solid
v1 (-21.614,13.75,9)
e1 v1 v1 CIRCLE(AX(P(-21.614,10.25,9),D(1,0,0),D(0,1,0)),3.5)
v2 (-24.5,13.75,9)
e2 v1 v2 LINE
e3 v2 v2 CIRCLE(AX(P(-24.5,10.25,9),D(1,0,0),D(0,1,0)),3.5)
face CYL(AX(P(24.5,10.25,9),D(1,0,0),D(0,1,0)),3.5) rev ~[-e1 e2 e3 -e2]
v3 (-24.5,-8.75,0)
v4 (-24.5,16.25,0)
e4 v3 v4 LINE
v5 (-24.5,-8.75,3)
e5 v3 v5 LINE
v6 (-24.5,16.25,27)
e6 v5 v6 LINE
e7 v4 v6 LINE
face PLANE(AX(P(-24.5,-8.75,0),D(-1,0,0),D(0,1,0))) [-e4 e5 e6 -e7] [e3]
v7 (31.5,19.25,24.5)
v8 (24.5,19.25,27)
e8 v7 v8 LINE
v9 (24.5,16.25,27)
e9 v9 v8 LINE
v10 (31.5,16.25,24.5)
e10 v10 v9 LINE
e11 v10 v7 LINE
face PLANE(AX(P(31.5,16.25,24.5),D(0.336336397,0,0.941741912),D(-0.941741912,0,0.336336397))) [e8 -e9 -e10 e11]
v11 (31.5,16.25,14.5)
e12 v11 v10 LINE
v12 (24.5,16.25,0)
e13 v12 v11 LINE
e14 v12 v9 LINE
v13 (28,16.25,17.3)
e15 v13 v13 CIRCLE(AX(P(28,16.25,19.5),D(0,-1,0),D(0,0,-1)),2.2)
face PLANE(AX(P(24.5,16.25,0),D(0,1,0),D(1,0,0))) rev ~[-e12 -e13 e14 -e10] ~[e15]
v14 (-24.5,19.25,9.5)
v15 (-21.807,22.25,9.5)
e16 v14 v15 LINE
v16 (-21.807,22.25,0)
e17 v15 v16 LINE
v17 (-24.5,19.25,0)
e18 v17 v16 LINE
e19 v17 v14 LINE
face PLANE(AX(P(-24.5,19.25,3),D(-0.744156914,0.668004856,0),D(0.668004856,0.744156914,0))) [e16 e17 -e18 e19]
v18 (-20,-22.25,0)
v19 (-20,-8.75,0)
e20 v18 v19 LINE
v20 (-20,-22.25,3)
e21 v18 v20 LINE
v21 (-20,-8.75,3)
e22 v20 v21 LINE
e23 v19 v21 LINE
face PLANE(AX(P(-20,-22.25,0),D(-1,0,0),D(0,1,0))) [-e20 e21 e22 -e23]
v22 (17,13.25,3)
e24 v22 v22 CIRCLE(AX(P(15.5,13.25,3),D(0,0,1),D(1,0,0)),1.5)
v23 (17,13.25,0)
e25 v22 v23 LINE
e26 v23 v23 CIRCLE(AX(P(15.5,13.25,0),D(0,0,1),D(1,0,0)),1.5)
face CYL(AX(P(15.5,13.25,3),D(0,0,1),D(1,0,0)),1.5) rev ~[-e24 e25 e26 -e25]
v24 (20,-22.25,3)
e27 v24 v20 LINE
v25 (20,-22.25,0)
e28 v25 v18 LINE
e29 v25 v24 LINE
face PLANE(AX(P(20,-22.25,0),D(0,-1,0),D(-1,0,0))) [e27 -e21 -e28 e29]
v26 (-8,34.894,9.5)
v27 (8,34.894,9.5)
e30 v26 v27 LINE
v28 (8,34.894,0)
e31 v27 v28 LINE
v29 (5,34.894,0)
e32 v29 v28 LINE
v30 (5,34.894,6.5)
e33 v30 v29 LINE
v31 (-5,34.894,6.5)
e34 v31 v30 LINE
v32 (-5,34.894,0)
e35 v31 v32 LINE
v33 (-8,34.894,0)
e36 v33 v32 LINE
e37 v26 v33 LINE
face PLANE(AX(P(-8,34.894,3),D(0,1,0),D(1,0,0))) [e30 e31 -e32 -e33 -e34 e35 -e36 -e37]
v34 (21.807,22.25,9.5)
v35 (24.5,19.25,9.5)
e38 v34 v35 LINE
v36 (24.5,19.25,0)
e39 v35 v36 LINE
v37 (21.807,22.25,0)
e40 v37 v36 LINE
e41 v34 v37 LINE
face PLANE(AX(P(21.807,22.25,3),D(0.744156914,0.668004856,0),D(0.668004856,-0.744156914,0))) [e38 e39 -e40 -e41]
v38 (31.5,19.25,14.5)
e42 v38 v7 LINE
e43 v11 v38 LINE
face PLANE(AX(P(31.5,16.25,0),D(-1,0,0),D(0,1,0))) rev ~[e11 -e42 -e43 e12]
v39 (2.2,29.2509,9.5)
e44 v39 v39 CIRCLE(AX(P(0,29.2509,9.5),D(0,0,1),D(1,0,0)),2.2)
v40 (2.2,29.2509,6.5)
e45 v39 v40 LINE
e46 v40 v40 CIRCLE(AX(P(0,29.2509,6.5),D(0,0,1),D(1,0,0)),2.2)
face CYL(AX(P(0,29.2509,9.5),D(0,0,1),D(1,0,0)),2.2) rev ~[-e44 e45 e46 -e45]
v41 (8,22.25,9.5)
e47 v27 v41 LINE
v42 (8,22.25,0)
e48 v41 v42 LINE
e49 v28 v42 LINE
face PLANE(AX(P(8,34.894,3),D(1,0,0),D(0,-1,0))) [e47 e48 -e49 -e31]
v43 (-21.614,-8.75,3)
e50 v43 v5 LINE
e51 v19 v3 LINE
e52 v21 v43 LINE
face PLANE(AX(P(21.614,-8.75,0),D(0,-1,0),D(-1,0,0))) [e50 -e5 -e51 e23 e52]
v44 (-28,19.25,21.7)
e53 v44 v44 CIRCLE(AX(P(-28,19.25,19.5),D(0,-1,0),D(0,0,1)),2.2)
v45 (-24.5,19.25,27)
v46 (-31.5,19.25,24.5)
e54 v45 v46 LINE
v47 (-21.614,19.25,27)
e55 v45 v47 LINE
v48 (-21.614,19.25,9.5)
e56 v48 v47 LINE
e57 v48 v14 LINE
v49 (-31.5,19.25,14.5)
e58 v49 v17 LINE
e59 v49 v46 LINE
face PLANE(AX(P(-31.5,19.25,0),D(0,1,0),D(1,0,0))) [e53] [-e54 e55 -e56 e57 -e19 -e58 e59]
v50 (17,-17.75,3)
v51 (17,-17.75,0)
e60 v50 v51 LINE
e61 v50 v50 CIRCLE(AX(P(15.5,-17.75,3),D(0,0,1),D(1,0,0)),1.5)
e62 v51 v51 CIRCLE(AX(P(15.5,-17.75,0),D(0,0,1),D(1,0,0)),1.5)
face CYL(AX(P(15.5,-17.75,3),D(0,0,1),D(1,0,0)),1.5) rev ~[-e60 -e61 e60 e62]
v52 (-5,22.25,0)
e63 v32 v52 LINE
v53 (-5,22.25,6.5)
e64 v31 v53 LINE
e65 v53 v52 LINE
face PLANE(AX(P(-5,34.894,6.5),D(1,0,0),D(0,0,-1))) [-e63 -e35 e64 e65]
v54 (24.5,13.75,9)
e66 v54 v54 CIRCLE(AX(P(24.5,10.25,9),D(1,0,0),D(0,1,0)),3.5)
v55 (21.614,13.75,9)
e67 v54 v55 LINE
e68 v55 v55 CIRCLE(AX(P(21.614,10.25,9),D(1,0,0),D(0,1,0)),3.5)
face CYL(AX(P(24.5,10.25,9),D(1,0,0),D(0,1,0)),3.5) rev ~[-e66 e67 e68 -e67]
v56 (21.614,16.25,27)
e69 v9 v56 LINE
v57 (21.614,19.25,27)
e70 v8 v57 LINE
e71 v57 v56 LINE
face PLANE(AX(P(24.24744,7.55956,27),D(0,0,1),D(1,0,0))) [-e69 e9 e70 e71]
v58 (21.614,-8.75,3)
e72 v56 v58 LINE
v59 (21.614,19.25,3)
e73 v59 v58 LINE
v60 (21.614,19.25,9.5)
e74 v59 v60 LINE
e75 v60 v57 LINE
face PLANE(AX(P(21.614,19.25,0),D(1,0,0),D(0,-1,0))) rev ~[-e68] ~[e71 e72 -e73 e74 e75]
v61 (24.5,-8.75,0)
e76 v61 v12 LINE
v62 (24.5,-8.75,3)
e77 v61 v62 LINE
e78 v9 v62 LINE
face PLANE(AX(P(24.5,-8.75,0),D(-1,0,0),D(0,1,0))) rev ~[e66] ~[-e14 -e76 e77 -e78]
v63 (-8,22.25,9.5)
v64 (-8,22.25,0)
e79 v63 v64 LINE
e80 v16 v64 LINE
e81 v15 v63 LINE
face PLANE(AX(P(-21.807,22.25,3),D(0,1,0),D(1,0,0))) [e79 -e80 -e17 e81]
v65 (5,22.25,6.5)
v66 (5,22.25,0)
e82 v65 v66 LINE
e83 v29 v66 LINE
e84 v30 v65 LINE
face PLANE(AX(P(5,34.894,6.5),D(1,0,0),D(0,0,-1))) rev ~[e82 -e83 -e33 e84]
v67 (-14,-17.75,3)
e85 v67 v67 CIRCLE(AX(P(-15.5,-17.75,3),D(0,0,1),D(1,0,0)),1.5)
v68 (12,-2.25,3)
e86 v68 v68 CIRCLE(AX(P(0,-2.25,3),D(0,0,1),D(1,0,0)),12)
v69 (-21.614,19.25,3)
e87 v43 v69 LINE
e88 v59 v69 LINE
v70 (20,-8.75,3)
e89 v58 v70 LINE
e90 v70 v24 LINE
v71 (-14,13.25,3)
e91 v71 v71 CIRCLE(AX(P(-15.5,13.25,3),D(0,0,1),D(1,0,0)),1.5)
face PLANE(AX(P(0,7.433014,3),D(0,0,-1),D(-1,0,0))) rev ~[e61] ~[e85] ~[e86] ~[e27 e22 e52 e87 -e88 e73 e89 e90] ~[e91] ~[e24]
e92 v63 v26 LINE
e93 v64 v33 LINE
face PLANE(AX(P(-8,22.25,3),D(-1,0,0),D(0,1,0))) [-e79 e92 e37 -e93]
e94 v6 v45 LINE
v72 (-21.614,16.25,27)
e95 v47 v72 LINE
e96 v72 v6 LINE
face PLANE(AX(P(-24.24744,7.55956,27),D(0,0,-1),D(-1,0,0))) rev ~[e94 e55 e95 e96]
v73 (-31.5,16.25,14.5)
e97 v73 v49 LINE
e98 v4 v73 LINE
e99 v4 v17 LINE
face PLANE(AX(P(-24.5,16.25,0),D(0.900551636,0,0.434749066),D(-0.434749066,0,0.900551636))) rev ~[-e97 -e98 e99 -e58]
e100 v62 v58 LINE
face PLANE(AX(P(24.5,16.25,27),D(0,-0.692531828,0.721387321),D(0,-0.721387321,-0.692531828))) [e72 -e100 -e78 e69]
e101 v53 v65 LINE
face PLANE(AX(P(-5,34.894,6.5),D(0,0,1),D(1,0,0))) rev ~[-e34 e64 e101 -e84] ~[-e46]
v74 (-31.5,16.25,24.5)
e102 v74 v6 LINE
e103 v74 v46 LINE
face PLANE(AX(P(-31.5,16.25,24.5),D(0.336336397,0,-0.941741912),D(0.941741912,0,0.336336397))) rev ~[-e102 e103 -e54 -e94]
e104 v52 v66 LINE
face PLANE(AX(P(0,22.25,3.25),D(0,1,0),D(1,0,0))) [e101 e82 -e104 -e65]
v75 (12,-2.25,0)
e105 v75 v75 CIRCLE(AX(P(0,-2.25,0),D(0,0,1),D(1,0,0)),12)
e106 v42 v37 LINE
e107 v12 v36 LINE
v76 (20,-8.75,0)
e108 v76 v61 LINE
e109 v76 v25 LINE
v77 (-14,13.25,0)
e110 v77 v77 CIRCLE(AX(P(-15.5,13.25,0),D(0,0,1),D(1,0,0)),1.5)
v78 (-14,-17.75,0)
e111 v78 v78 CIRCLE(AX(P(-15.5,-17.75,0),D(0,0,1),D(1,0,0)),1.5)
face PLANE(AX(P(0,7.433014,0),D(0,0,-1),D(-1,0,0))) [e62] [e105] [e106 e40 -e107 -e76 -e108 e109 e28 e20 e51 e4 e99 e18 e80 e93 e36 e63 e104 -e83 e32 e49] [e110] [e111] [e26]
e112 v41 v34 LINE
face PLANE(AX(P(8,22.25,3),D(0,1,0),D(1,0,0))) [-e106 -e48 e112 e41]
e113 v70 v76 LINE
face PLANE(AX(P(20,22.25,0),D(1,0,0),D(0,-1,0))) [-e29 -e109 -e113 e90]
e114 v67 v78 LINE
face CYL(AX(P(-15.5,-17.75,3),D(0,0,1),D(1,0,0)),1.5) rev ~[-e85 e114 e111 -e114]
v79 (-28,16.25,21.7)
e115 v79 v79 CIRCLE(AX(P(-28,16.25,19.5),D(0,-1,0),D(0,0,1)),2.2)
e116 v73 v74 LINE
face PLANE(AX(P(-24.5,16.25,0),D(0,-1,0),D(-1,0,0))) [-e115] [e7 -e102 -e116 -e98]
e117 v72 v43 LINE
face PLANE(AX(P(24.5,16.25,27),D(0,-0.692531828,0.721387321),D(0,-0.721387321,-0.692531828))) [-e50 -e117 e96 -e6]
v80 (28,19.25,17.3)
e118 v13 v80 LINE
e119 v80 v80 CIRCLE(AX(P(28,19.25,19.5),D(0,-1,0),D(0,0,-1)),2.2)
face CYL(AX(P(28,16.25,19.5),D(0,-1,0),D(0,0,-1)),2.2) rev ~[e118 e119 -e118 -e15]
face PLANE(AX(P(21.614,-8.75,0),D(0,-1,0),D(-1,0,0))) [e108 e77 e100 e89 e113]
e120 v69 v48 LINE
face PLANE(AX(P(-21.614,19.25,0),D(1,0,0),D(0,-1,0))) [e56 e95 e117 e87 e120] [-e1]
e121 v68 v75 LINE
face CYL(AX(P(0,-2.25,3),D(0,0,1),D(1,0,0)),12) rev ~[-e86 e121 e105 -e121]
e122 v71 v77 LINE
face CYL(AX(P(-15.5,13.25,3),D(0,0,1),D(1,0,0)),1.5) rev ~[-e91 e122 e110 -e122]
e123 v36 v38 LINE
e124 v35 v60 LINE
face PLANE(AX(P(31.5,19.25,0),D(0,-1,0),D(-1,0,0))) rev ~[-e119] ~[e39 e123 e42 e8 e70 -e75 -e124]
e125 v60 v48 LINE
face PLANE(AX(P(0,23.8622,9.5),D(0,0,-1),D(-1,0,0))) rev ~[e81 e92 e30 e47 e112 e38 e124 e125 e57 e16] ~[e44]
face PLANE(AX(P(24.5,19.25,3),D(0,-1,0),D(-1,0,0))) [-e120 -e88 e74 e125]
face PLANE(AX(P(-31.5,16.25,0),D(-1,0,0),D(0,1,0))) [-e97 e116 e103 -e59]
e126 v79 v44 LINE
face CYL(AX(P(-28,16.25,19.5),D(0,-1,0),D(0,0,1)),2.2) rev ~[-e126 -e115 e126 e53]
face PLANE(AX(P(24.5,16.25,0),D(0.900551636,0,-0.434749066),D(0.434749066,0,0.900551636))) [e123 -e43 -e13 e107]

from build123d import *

# Parameters (mm, degrees)
BOSS_EXTRUDE1_DEPTH   = 3
BOSS_EXTRUDE2_DEPTH   = 27
BOSS_EXTRUDE2_2_DEPTH = 27
BOSS_EXTRUDE3_DEPTH   = 3
BOSS_EXTRUDE4_DEPTH   = 6.5
SKETCH5_R             = 3.5
CUT_EXTRUDE1_DEPTH    = 72.292294366
SKETCH6_R             = 2.2
CUT_EXTRUDE2_DEPTH    = 57.599469962
SKETCH7_W             = 10
SKETCH7_H             = 6.5
CUT_EXTRUDE3_DEPTH    = 12.644
SKETCH8_R             = 12
SKETCH8_R_2           = 1.5
CUT_EXTRUDE4_DEPTH    = 53.781068917
SKETCH9_R             = 2.2
CUT_EXTRUDE5_DEPTH    = 51.160654262


with BuildPart() as part:
    # Sketch1 → Boss-Extrude1 (new body)
    with BuildSketch(Plane.XY):
        Polygon((-8, 22.25), (-8, 34.894), (8, 34.894), (8, 22.25), (20, 22.25), (20, -22.25), (-20, -22.25), (-20, 22.25), align=None)
    extrude(amount=BOSS_EXTRUDE1_DEPTH)



with BuildPart() as body_2:
    # Sketch2 → Boss-Extrude2 (new body)
    with BuildSketch(Plane(origin=(0, 0, 0), x_dir=(-1, 0, 0), z_dir=(0, 0, -1))):
        Polygon((31.5, 19.25), (21.614, 19.25), (21.614, -8.75), (24.5, -8.75), (24.5, 16.25), (31.5, 16.25), align=None)
    extrude(amount=-BOSS_EXTRUDE2_DEPTH)


with BuildPart() as body_3:
    # Sketch2 → Boss-Extrude2 2 (new body)
    with BuildSketch(Plane(origin=(0, 0, 0), x_dir=(-1, 0, 0), z_dir=(0, 0, -1))):
        Polygon((-31.5, 16.25), (-31.5, 19.25), (-21.614, 19.25), (-21.614, -8.75), (-24.5, -8.75), (-24.5, 16.25), align=None)
    extrude(amount=-BOSS_EXTRUDE2_2_DEPTH)


with BuildPart() as part_1:
    add(part.part)

    add(body_2.part)  # Boss-Extrude3 merges body 2

    add(body_3.part)  # Boss-Extrude3 merges body 3
    # Sketch3 → Boss-Extrude3 (add)
    with BuildSketch(Plane(origin=(0, 0, 0), x_dir=(-1, 0, 0), z_dir=(0, 0, -1))):
        Polygon((-21.614, -8.75), (21.614, -8.75), (21.614, 19.25), (24.5, 19.25), (21.807, 22.25), (-21.807, 22.25), (-24.5, 19.25), (-21.614, 19.25), align=None)
    extrude(amount=-BOSS_EXTRUDE3_DEPTH)

    # Sketch4 → Boss-Extrude4 (add)
    with BuildSketch(Plane.XY.offset(3)):
        Polygon((-24.5, 19.25), (-21.807, 22.25), (-8, 22.25), (-8, 34.894), (8, 34.894), (8, 22.25), (21.807, 22.25), (24.5, 19.25), align=None)
    extrude(amount=BOSS_EXTRUDE4_DEPTH)

    # Sketch5 → Cut-Extrude1 (cut, through all)
    with BuildSketch(Plane(origin=(24.5, 0, 0), x_dir=(0, 0, -1), z_dir=(1, 0, 0))):
        with Locations(Location((-9, 10.25, 0), (0, 0, 90))):
            Circle(SKETCH5_R)
        Polygon((-27, 16.25), (-3, -8.75), (-27, -8.75), align=None)
    extrude(amount=-CUT_EXTRUDE1_DEPTH, mode=Mode.SUBTRACT)

    # Sketch6 → Cut-Extrude2 (cut, through all)
    with BuildSketch(Plane.XZ.offset(-16.25)):
        with Locations(Location((28, 19.5, 0), (0, 0, 270))):
            Circle(SKETCH6_R)
        with Locations(Location((-28, 19.5, 0), (0, 0, 90))):
            Circle(SKETCH6_R)
        Polygon((24.5, 27), (31.5, 27), (31.5, 24.5), align=None)
        Polygon((24.5, 0), (31.5, 14.5), (31.5, 0), align=None)
        Polygon((-31.5, 0), (-24.5, 0), (-31.5, 14.5), align=None)
        Polygon((-31.5, 24.5), (-24.5, 27), (-31.5, 27), align=None)
    extrude(amount=-CUT_EXTRUDE2_DEPTH, mode=Mode.SUBTRACT)

    # Sketch7 → Cut-Extrude3 (cut)
    with BuildSketch(Plane(origin=(0, 34.894, 0), x_dir=(1, 0, 0), z_dir=(0, 1, 0))):
        with Locations((0, -3.25)):
            Rectangle(SKETCH7_W, SKETCH7_H)
    extrude(amount=-CUT_EXTRUDE3_DEPTH, mode=Mode.SUBTRACT)

    # Sketch8 → Cut-Extrude4 (cut, through all)
    with BuildSketch(Plane.XY.offset(3)):
        with Locations((0, -2.25)):
            Circle(SKETCH8_R)
        with Locations((-15.5, 13.25)):
            Circle(SKETCH8_R_2)
        with Locations((15.5, 13.25)):
            Circle(SKETCH8_R_2)
        with Locations((15.5, -17.75)):
            Circle(SKETCH8_R_2)
        with Locations((-15.5, -17.75)):
            Circle(SKETCH8_R_2)
    extrude(amount=-CUT_EXTRUDE4_DEPTH, mode=Mode.SUBTRACT)

    # Sketch9 → Cut-Extrude5 (cut, through all)
    with BuildSketch(Plane.XY.offset(9.5)):
        with Locations((0, 29.2509)):
            Circle(SKETCH9_R)
    extrude(amount=-CUT_EXTRUDE5_DEPTH, mode=Mode.SUBTRACT)


solid = part_1.part
